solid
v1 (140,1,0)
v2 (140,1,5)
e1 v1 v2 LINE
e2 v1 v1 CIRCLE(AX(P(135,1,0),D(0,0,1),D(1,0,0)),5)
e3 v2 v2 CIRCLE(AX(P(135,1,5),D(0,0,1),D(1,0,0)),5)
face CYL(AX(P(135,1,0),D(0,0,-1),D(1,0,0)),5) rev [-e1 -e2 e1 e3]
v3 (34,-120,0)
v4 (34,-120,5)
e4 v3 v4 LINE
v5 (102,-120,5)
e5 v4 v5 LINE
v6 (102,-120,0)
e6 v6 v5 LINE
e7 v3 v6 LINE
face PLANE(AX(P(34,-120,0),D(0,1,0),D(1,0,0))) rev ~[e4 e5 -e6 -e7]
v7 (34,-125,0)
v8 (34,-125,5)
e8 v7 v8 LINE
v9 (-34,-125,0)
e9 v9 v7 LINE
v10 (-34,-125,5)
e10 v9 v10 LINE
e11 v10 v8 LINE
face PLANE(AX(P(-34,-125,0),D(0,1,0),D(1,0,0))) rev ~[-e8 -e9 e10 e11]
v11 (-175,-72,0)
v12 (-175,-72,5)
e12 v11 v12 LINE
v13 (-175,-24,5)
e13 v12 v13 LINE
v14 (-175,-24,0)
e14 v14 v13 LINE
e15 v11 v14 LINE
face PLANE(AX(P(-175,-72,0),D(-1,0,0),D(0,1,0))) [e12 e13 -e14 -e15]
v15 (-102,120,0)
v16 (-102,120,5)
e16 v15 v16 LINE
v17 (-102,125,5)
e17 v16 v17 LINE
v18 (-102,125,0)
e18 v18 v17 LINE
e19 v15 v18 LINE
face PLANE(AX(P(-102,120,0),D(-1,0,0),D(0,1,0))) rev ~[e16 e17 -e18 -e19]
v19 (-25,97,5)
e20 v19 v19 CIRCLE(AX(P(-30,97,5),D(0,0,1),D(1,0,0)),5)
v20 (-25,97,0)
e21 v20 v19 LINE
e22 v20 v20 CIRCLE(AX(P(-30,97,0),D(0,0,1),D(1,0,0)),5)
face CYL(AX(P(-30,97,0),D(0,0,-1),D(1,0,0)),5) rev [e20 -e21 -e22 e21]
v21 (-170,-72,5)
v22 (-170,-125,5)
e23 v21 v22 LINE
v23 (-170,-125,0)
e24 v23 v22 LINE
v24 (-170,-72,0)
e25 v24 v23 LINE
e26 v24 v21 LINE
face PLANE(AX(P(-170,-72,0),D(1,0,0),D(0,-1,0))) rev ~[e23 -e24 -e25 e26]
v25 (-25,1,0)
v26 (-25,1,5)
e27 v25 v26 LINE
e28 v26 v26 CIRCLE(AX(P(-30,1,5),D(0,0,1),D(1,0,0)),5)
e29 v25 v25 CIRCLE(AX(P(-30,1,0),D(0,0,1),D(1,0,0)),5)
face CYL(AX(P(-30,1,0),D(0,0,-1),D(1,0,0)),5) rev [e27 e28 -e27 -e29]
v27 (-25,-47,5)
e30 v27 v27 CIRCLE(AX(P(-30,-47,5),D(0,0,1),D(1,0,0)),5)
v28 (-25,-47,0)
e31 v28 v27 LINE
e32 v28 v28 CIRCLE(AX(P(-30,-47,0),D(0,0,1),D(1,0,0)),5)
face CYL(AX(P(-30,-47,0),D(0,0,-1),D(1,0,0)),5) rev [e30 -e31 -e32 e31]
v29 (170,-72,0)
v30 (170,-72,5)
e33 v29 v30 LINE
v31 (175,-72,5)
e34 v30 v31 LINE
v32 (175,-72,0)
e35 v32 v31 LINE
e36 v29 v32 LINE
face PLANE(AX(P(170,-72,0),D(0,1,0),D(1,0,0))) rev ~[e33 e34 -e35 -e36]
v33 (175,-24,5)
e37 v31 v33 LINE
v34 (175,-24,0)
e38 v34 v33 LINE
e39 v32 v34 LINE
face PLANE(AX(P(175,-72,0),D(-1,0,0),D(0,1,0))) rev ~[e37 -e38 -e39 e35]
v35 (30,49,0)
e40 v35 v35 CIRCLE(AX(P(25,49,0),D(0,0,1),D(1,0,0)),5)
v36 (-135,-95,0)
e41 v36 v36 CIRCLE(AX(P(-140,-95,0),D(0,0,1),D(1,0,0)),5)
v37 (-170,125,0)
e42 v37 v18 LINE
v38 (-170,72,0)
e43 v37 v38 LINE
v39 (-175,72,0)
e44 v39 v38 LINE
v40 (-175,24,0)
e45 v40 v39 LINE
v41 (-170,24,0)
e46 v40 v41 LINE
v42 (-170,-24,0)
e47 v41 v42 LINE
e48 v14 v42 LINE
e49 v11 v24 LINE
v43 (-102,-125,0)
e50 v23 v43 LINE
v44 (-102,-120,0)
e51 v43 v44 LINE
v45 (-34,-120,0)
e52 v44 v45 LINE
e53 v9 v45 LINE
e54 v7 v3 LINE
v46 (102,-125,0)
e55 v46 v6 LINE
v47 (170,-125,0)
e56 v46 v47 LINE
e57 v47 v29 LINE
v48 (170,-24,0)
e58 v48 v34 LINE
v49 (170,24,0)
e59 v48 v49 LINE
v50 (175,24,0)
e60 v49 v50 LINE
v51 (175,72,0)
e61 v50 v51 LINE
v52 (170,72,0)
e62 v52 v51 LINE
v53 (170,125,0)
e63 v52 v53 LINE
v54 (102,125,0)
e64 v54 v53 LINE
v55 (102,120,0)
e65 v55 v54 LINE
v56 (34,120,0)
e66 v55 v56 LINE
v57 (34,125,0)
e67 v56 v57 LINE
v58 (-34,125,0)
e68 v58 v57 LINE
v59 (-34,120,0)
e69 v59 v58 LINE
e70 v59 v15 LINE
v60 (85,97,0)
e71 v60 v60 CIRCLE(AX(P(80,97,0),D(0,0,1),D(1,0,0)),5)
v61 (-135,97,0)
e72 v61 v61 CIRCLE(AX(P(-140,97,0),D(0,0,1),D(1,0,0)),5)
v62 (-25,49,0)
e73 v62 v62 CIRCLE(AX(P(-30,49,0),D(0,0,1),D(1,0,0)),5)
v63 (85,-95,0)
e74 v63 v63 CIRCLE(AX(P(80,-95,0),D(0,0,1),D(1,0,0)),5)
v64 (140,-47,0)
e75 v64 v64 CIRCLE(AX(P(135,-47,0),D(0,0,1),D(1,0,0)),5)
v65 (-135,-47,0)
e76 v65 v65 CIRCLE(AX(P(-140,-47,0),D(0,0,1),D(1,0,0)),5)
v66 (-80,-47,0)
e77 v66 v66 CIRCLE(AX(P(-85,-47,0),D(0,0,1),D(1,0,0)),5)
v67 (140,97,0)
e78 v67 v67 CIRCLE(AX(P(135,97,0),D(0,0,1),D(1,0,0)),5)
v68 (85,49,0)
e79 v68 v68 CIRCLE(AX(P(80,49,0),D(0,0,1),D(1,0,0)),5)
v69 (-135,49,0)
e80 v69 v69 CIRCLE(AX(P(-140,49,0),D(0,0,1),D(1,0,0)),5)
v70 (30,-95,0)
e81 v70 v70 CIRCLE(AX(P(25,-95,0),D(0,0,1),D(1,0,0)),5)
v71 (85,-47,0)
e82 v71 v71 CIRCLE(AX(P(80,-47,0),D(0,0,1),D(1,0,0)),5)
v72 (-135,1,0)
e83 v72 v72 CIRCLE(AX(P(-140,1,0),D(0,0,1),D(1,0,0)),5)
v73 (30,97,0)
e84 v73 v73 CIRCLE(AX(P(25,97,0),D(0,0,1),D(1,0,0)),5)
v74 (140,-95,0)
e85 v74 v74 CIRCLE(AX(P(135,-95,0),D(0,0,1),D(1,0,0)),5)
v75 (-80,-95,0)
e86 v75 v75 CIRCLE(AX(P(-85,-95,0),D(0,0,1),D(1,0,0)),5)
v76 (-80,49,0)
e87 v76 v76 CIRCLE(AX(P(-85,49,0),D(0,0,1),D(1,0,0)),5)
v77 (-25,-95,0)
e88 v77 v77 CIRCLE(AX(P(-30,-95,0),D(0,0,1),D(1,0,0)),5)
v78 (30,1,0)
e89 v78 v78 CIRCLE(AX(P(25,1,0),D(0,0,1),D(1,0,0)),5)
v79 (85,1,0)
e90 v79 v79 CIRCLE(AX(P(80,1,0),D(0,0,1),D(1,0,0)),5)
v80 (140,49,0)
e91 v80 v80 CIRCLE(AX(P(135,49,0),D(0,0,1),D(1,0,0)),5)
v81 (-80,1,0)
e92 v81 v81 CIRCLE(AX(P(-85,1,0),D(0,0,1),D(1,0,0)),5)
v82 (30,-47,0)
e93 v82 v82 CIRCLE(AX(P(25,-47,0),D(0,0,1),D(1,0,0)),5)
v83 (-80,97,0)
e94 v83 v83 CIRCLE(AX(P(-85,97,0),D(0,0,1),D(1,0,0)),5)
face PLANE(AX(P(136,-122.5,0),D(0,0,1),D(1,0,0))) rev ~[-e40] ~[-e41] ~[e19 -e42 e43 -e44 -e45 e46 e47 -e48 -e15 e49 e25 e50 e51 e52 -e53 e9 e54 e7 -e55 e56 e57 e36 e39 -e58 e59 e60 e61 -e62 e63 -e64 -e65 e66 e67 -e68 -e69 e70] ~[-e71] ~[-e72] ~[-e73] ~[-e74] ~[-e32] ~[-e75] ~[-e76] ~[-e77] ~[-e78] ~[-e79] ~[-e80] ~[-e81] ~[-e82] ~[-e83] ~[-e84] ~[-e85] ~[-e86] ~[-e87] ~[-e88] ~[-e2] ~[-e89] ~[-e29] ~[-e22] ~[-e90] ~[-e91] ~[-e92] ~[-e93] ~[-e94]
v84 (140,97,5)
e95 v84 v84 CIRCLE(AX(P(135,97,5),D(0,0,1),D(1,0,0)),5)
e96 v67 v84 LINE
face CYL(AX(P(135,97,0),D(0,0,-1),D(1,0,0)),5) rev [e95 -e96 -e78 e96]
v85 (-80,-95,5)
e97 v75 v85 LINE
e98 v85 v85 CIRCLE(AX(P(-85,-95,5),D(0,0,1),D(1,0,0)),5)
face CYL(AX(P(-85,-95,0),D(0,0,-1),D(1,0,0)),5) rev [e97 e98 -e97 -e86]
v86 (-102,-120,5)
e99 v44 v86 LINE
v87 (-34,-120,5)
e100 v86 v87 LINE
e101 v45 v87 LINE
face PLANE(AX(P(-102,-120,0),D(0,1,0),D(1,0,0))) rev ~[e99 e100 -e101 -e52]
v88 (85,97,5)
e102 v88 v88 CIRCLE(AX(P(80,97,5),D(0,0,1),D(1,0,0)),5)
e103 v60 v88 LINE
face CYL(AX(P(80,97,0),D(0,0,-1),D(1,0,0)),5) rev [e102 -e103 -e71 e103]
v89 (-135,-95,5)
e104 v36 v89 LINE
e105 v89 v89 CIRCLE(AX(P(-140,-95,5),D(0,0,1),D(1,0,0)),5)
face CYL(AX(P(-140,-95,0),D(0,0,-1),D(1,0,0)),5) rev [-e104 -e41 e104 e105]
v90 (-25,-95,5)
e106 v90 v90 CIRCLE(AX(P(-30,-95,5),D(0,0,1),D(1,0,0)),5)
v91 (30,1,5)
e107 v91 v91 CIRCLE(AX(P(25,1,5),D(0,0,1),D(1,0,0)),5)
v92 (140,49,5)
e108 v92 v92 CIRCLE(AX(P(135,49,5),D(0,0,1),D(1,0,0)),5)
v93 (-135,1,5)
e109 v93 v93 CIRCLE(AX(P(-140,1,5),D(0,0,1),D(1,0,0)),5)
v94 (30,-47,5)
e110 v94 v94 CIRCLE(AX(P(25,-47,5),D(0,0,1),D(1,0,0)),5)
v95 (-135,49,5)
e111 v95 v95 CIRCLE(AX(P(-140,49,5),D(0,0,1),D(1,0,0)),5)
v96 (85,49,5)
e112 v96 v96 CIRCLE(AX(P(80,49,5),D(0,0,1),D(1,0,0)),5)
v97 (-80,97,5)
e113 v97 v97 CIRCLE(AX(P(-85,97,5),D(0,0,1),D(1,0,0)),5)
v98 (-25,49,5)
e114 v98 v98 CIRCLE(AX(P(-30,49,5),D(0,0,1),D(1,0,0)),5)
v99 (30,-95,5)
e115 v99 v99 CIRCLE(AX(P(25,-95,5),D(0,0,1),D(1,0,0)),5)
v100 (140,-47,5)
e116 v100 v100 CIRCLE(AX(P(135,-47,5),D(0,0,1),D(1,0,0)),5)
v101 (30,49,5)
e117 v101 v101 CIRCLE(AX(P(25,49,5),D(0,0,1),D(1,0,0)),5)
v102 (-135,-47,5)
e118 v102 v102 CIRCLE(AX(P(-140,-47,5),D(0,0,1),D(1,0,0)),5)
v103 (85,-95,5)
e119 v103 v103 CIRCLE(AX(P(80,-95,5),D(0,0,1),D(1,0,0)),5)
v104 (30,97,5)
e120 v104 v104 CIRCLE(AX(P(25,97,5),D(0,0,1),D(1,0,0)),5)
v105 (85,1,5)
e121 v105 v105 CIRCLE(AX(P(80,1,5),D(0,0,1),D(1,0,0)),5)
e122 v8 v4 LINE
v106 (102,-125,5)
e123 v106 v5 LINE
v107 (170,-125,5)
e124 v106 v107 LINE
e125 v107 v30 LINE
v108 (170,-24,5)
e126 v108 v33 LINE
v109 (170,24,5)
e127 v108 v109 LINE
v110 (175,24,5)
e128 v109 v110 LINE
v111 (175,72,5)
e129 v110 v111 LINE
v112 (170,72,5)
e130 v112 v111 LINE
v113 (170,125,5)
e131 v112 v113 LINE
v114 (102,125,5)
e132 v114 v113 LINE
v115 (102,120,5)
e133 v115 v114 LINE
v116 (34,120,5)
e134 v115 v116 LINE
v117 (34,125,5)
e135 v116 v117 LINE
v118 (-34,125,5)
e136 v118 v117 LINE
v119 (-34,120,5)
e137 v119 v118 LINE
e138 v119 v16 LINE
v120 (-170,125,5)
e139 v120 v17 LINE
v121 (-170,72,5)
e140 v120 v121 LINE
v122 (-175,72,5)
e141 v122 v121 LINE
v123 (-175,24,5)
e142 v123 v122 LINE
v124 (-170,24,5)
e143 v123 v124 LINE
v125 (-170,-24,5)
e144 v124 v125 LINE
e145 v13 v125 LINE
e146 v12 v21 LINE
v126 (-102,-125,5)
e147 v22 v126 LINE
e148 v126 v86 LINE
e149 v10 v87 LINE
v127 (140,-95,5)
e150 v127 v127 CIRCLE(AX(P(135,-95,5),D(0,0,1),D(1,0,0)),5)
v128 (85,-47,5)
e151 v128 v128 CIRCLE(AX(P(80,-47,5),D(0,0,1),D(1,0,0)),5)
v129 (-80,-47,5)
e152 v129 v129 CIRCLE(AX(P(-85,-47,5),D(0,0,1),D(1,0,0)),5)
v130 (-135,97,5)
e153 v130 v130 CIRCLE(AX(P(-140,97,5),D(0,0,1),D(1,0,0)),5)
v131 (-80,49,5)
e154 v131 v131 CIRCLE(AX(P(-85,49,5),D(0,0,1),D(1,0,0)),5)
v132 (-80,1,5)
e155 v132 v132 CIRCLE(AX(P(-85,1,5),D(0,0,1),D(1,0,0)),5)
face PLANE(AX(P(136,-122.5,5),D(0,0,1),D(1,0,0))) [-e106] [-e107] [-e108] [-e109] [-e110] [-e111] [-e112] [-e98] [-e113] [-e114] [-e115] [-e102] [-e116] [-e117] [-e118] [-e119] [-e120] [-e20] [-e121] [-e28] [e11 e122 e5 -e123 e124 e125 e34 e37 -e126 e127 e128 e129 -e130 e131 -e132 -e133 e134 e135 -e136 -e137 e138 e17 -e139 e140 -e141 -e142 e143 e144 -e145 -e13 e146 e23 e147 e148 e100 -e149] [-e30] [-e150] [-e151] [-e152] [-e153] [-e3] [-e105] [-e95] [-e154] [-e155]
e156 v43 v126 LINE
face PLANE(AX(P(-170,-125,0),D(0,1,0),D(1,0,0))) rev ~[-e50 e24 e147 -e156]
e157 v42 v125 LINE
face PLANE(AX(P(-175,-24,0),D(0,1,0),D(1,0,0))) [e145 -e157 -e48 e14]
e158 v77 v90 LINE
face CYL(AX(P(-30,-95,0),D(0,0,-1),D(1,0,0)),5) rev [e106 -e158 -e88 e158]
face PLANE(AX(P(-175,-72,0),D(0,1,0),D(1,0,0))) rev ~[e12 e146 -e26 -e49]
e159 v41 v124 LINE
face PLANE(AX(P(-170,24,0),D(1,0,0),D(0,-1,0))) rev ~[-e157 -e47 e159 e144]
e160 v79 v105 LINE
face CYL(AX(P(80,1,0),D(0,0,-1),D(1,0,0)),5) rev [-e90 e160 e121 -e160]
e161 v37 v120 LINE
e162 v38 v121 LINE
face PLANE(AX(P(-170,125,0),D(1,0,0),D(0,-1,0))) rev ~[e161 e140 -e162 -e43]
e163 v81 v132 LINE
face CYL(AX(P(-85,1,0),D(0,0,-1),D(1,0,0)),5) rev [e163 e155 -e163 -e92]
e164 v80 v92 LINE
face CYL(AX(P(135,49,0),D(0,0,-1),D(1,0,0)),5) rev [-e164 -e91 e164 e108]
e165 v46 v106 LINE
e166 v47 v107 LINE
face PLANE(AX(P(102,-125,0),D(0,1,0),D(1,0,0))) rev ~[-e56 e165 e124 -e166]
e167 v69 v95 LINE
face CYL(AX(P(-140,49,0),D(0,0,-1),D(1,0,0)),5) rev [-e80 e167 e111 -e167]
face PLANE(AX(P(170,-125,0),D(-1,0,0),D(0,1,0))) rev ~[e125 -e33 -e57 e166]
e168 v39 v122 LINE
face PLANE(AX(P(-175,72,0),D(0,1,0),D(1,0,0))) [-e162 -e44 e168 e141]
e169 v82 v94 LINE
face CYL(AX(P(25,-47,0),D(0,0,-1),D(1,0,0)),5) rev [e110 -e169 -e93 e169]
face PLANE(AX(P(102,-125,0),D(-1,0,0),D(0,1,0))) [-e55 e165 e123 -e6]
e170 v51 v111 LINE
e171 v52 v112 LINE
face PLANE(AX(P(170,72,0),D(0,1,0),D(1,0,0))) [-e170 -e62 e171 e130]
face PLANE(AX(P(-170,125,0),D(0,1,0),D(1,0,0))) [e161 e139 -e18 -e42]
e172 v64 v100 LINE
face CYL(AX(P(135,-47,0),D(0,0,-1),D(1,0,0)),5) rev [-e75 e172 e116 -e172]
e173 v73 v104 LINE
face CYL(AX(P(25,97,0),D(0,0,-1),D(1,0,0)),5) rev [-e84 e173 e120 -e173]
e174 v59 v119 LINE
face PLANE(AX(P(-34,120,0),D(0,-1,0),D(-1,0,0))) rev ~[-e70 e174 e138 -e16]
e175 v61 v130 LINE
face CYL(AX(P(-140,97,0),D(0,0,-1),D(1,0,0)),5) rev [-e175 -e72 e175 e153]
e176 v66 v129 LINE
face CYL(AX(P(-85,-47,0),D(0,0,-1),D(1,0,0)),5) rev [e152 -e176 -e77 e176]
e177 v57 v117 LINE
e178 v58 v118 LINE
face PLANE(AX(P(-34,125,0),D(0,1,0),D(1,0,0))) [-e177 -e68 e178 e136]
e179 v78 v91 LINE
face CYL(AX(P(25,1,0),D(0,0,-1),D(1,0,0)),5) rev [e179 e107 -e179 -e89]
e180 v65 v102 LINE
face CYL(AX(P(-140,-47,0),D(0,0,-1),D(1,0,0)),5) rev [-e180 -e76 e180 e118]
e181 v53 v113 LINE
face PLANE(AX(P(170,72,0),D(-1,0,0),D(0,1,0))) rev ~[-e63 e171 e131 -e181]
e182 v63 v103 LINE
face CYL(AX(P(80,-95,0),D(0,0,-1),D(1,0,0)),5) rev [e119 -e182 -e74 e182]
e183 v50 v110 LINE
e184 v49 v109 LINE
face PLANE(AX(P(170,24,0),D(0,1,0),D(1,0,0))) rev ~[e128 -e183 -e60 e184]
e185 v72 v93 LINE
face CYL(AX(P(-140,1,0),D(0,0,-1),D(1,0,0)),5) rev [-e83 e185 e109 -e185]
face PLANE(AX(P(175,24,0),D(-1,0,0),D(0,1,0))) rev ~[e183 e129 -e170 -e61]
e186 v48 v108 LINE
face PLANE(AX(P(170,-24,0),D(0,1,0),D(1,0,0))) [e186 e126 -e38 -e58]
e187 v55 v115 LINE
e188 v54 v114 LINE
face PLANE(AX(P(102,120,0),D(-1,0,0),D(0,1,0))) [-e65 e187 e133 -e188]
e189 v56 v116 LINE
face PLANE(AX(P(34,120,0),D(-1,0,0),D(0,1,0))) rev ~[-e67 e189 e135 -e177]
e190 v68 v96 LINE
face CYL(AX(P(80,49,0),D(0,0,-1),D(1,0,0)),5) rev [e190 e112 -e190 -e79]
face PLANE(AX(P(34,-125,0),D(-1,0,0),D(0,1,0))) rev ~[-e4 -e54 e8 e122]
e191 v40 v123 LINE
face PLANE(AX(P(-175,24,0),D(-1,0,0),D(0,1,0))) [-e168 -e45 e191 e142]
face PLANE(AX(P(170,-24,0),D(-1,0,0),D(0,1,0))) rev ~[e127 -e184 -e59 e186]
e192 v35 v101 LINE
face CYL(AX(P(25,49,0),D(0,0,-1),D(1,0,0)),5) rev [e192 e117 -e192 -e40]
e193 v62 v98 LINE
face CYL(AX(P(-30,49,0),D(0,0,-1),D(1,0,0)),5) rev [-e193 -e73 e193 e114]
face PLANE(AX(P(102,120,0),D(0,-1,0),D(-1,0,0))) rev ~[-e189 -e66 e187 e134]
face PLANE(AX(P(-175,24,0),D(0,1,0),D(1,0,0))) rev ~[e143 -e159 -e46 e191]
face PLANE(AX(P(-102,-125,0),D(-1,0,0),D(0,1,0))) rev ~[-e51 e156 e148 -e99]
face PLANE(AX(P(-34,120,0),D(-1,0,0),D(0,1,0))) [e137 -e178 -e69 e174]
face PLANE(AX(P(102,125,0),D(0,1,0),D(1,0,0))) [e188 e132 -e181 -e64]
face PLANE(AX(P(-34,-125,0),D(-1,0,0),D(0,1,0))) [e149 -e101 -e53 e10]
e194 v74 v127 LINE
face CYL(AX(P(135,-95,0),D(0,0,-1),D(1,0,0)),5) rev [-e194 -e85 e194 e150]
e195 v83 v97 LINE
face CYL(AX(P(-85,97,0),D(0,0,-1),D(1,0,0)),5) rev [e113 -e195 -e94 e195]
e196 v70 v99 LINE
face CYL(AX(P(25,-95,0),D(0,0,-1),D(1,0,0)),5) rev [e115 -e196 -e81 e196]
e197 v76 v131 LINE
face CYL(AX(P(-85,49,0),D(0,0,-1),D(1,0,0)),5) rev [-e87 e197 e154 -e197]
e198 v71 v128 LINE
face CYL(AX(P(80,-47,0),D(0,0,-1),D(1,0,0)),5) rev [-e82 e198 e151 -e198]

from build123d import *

# Parameters (mm, degrees)
F0_W     = 68
F0_H     = 5
F0_R     = 5
F0_W_2   = 5
F0_H_2   = 48
F1_DEPTH = 5


with BuildPart() as f1:
    # F0 (on Top) → F1 (new body)
    with BuildSketch(Plane.XY):
        with Locations((136, -122.5)):
            Rectangle(F0_W, F0_H)
        Polygon((102, -120), (170, -120), (170, -72), (170, -24), (170, 24), (170, 72), (170, 120), (102, 120), (34, 120), (-34, 120), (-102, 120), (-170, 120), (-170, 72), (-170, 24), (-170, -24), (-170, -72), (-170, -120), (-102, -120), (-34, -120), (34, -120), align=None)
        with Locations((-140, -95)):
            Circle(F0_R, mode=Mode.SUBTRACT)
        with Locations((-85, -95)):
            Circle(F0_R, mode=Mode.SUBTRACT)
        with Locations((-30, -95)):
            Circle(F0_R, mode=Mode.SUBTRACT)
        with Locations((-140, -47)):
            Circle(F0_R, mode=Mode.SUBTRACT)
        with Locations((-85, -47)):
            Circle(F0_R, mode=Mode.SUBTRACT)
        with Locations((-30, -47)):
            Circle(F0_R, mode=Mode.SUBTRACT)
        with Locations((25, -95)):
            Circle(F0_R, mode=Mode.SUBTRACT)
        with Locations((80, -95)):
            Circle(F0_R, mode=Mode.SUBTRACT)
        with Locations((135, -95)):
            Circle(F0_R, mode=Mode.SUBTRACT)
        with Locations((25, -47)):
            Circle(F0_R, mode=Mode.SUBTRACT)
        with Locations((80, -47)):
            Circle(F0_R, mode=Mode.SUBTRACT)
        with Locations((135, -47)):
            Circle(F0_R, mode=Mode.SUBTRACT)
        with Locations((-140, 1)):
            Circle(F0_R, mode=Mode.SUBTRACT)
        with Locations((-140, 49)):
            Circle(F0_R, mode=Mode.SUBTRACT)
        with Locations((-85, 1)):
            Circle(F0_R, mode=Mode.SUBTRACT)
        with Locations((-30, 1)):
            Circle(F0_R, mode=Mode.SUBTRACT)
        with Locations((-85, 49)):
            Circle(F0_R, mode=Mode.SUBTRACT)
        with Locations((-30, 49)):
            Circle(F0_R, mode=Mode.SUBTRACT)
        with Locations((-140, 97)):
            Circle(F0_R, mode=Mode.SUBTRACT)
        with Locations((-85, 97)):
            Circle(F0_R, mode=Mode.SUBTRACT)
        with Locations((-30, 97)):
            Circle(F0_R, mode=Mode.SUBTRACT)
        with Locations((25, 1)):
            Circle(F0_R, mode=Mode.SUBTRACT)
        with Locations((80, 1)):
            Circle(F0_R, mode=Mode.SUBTRACT)
        with Locations((25, 49)):
            Circle(F0_R, mode=Mode.SUBTRACT)
        with Locations((80, 49)):
            Circle(F0_R, mode=Mode.SUBTRACT)
        with Locations((135, 1)):
            Circle(F0_R, mode=Mode.SUBTRACT)
        with Locations((135, 49)):
            Circle(F0_R, mode=Mode.SUBTRACT)
        with Locations((25, 97)):
            Circle(F0_R, mode=Mode.SUBTRACT)
        with Locations((80, 97)):
            Circle(F0_R, mode=Mode.SUBTRACT)
        with Locations((135, 97)):
            Circle(F0_R, mode=Mode.SUBTRACT)
        with Locations((172.5, -48)):
            Rectangle(F0_W_2, F0_H_2)
        with Locations((0, -122.5)):
            Rectangle(F0_W, F0_H)
        with Locations((172.5, 48)):
            Rectangle(F0_W_2, F0_H_2)
        with Locations((-136, -122.5)):
            Rectangle(F0_W, F0_H)
        with Locations((136, 122.5)):
            Rectangle(F0_W, F0_H)
        with Locations((-172.5, -48)):
            Rectangle(F0_W_2, F0_H_2)
        with Locations((0, 122.5)):
            Rectangle(F0_W, F0_H)
        with Locations((-172.5, 48)):
            Rectangle(F0_W_2, F0_H_2)
        with Locations((-136, 122.5)):
            Rectangle(F0_W, F0_H)
    extrude(amount=F1_DEPTH)


solid = f1.part
